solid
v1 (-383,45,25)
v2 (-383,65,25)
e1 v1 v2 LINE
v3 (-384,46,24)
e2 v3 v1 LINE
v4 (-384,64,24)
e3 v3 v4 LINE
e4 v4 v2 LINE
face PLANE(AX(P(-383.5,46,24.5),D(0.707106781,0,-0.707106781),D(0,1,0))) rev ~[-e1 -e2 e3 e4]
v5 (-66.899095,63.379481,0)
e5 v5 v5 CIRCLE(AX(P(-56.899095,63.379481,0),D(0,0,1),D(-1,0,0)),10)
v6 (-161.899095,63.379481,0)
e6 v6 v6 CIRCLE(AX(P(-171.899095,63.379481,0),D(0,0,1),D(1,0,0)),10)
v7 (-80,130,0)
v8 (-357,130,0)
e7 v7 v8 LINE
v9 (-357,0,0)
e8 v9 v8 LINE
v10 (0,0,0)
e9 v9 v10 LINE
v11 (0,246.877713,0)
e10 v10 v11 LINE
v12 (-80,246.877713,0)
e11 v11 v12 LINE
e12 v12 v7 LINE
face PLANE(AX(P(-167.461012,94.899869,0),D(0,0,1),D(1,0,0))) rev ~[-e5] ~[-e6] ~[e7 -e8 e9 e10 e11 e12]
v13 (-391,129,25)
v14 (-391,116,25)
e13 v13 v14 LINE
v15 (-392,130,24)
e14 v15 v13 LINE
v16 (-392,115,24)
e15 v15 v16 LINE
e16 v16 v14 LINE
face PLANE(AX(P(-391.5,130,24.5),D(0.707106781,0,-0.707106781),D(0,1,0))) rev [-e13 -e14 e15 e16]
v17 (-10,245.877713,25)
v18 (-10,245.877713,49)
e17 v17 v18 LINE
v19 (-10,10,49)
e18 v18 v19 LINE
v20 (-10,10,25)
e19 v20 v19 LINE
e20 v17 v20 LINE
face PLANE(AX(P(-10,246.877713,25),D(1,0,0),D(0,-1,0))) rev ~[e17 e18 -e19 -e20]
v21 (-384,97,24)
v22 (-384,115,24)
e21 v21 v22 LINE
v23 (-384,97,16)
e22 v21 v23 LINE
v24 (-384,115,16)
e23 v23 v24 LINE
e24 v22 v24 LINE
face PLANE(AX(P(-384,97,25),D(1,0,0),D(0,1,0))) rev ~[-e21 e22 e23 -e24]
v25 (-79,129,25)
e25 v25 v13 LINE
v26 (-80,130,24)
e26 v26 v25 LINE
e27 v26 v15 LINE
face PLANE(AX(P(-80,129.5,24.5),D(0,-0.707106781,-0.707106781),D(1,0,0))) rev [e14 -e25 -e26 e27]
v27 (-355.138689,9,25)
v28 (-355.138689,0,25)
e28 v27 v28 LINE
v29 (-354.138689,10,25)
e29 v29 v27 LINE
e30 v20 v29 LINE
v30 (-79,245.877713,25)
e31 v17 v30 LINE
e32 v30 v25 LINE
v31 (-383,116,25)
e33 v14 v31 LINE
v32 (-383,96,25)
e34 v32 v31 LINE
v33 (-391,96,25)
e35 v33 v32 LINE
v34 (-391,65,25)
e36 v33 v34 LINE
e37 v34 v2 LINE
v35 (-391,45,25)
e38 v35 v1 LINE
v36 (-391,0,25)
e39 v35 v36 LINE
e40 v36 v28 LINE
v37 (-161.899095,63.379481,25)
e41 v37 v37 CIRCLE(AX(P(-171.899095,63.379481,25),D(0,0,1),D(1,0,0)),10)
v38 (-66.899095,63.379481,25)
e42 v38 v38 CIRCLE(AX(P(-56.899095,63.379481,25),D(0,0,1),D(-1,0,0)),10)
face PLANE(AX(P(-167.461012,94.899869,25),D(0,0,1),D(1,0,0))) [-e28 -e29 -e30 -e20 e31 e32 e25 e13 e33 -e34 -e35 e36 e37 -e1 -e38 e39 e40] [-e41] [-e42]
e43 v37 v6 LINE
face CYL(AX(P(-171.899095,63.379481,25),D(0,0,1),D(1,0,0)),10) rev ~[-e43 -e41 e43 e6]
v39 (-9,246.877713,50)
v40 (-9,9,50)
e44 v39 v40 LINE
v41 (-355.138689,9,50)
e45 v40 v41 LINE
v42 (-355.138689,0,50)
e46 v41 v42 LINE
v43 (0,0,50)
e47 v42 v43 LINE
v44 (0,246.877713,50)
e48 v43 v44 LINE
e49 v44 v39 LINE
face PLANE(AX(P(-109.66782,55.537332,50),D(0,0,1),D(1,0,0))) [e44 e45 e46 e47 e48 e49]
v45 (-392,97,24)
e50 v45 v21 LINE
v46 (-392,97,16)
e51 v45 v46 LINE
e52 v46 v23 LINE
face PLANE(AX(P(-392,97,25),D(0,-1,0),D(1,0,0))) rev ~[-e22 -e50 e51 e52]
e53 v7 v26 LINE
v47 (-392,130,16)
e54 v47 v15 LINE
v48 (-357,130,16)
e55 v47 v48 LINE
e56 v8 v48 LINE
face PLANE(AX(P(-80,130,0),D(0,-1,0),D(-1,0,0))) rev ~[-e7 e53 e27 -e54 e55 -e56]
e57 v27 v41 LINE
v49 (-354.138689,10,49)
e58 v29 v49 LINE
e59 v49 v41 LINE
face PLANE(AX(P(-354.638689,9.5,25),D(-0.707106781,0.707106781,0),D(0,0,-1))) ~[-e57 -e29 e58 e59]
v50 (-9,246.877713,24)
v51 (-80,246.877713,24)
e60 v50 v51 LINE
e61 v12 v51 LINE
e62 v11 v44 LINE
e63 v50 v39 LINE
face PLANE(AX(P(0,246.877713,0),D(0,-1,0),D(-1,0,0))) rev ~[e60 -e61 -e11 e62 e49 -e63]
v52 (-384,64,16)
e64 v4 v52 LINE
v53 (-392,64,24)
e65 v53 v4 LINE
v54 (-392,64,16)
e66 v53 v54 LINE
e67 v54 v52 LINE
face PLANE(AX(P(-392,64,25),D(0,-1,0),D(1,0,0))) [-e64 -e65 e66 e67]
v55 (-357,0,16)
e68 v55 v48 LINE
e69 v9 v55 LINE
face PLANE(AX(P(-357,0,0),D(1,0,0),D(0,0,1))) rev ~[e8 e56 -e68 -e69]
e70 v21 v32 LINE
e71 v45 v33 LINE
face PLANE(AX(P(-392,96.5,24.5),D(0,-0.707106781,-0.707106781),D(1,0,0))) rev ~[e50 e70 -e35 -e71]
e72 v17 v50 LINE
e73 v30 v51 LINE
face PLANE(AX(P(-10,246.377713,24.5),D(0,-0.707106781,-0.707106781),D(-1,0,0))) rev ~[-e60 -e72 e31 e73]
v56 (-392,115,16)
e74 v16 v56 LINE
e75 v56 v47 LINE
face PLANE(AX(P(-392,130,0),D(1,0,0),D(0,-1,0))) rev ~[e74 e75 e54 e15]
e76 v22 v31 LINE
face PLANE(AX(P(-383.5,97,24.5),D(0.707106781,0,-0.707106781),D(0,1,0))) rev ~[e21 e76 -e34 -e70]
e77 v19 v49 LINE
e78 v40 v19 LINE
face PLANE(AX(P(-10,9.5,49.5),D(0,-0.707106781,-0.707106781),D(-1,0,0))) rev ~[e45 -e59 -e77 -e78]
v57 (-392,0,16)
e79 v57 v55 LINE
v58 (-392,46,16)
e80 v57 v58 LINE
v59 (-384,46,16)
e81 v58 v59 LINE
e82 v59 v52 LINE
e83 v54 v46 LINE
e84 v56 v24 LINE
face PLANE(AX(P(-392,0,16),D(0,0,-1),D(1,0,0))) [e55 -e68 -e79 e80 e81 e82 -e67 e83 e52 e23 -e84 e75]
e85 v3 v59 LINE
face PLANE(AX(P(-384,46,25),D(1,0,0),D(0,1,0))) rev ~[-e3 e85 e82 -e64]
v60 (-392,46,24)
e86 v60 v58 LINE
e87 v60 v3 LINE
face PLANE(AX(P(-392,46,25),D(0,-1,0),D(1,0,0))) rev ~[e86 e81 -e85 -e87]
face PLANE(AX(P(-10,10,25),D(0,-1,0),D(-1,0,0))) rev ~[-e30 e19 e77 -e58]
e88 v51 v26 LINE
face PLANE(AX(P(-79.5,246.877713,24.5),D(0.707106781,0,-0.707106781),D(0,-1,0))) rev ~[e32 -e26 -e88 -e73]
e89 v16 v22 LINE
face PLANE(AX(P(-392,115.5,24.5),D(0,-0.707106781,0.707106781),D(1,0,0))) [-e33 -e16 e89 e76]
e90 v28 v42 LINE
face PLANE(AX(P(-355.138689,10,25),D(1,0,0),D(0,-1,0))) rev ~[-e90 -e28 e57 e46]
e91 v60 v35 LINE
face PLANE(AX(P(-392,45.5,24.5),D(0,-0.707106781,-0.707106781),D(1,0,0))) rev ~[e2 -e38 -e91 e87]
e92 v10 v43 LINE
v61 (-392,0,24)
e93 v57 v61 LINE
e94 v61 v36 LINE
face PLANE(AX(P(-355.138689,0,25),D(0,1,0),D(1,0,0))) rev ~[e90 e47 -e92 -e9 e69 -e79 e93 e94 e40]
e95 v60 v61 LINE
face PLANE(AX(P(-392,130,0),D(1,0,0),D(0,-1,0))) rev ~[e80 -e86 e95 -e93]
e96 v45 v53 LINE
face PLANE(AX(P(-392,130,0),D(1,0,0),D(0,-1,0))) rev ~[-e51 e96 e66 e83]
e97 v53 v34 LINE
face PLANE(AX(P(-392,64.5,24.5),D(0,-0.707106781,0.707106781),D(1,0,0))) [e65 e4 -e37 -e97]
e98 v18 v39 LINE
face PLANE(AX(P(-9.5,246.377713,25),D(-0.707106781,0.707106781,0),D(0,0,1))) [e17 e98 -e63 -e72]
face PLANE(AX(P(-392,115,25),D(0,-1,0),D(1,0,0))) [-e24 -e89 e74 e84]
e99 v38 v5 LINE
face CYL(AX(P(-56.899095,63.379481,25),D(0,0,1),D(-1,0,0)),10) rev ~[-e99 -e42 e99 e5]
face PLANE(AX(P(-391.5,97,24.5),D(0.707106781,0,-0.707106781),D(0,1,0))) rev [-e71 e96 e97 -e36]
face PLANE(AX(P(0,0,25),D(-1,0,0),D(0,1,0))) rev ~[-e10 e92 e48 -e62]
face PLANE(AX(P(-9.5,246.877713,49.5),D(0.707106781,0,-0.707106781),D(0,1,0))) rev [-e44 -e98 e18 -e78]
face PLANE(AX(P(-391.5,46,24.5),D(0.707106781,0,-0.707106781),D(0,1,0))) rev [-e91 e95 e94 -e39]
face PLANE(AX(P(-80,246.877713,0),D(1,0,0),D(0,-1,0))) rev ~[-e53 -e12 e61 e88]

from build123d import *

# Parameters (mm, degrees)
F1_DEPTH  = 25
F2_W      = 8
F2_H      = 18
F3_DEPTH  = 25.001
F4_W      = 35
F4_H      = 16
F5_DEPTH  = 246.8787132738
F7_DEPTH  = 25
F8_SIZE   = 1
F9_SIZE   = 1
F10_SIZE  = 1
F11_SIZE  = 1
F12_SIZE  = 1
F13_R     = 10
F14_DEPTH = 25.001


with BuildPart() as f1:
    # F0 (on Top) → F1 (new body)
    with BuildSketch(Plane.XY):
        Polygon((-392, 0), (0, 0), (0, 246.8777132738), (-80, 246.8777132738), (-80, 130), (-392, 130), align=None)
    extrude(amount=F1_DEPTH)

    # F2 (on face) → F3 (cut, through all)
    with BuildSketch(Plane.XY.offset(25)):
        with Locations((-388, 106)):
            Rectangle(F2_W, F2_H)
        with Locations((-388, 55)):
            Rectangle(F2_W, F2_H)
    extrude(amount=-F3_DEPTH, mode=Mode.SUBTRACT)

    # F4 (on face) → F5 (cut, through all)
    with BuildSketch(Plane.XZ):
        with Locations((-374.5, 8)):
            Rectangle(F4_W, F4_H)
    extrude(amount=-F5_DEPTH, mode=Mode.SUBTRACT)

    # F6 (on face) → F7 (join)
    with BuildSketch(Plane.XY.offset(25)):
        Polygon((-355.1386892796, 10), (-355.1386892796, 0), (0, 0), (0, 246.8777132738), (-10, 246.8777132738), (-10, 10), align=None)
    extrude(amount=F7_DEPTH)

    # F8
    f8_edges = [f1.edges().sort_by_distance(p)[0] for p in [
        (-392, 23, 25),
        (-384, 55, 25),
        (-392, 80.5, 25),
        (-384, 106, 25),
        (-392, 122.5, 25),
        (-388, 64, 25),
        (-388, 46, 25),
        (-388, 115, 25),
        (-388, 97, 25),
    ]]
    chamfer(f8_edges, length=F8_SIZE)

    # F9
    f9_edges = [f1.edges().sort_by_distance(p)[0] for p in [
        (-235.5, 130, 25),
        (-80, 188.438857, 25),
    ]]
    chamfer(f9_edges, length=F9_SIZE)

    # F10
    f10_edges = [f1.edges().sort_by_distance(p)[0] for p in [
        (-182.569345, 10, 50),
        (-10, 128.438857, 50),
    ]]
    chamfer(f10_edges, length=F10_SIZE)

    # F11
    f11_edges = [f1.edges().sort_by_distance(p)[0] for p in [
        (-355.138689, 10, 37),
    ]]
    chamfer(f11_edges, length=F11_SIZE)

    # F12
    f12_edges = [f1.edges().sort_by_distance(p)[0] for p in [
        (-44.5, 246.877713, 25),
        (-10, 246.877713, 37),
    ]]
    chamfer(f12_edges, length=F12_SIZE)

    # F13 (on face) → F14 (cut, through all)
    with BuildSketch(Plane.XY.offset(25)):
        with BuildLine():
            ThreePointArc((-46.8990951777, 63.3794814348), (-56.8990951777, 73.3794814348), (-66.8990951777, 63.3794814348))
            ThreePointArc((-66.8990951777, 63.3794814348), (-56.8990951777, 53.3794814348), (-46.8990951777, 63.3794814348))
        make_face()
        with Locations((-171.8990951777, 63.3794814348)):
            Circle(F13_R)
    extrude(amount=-F14_DEPTH, mode=Mode.SUBTRACT)


solid = f1.part
